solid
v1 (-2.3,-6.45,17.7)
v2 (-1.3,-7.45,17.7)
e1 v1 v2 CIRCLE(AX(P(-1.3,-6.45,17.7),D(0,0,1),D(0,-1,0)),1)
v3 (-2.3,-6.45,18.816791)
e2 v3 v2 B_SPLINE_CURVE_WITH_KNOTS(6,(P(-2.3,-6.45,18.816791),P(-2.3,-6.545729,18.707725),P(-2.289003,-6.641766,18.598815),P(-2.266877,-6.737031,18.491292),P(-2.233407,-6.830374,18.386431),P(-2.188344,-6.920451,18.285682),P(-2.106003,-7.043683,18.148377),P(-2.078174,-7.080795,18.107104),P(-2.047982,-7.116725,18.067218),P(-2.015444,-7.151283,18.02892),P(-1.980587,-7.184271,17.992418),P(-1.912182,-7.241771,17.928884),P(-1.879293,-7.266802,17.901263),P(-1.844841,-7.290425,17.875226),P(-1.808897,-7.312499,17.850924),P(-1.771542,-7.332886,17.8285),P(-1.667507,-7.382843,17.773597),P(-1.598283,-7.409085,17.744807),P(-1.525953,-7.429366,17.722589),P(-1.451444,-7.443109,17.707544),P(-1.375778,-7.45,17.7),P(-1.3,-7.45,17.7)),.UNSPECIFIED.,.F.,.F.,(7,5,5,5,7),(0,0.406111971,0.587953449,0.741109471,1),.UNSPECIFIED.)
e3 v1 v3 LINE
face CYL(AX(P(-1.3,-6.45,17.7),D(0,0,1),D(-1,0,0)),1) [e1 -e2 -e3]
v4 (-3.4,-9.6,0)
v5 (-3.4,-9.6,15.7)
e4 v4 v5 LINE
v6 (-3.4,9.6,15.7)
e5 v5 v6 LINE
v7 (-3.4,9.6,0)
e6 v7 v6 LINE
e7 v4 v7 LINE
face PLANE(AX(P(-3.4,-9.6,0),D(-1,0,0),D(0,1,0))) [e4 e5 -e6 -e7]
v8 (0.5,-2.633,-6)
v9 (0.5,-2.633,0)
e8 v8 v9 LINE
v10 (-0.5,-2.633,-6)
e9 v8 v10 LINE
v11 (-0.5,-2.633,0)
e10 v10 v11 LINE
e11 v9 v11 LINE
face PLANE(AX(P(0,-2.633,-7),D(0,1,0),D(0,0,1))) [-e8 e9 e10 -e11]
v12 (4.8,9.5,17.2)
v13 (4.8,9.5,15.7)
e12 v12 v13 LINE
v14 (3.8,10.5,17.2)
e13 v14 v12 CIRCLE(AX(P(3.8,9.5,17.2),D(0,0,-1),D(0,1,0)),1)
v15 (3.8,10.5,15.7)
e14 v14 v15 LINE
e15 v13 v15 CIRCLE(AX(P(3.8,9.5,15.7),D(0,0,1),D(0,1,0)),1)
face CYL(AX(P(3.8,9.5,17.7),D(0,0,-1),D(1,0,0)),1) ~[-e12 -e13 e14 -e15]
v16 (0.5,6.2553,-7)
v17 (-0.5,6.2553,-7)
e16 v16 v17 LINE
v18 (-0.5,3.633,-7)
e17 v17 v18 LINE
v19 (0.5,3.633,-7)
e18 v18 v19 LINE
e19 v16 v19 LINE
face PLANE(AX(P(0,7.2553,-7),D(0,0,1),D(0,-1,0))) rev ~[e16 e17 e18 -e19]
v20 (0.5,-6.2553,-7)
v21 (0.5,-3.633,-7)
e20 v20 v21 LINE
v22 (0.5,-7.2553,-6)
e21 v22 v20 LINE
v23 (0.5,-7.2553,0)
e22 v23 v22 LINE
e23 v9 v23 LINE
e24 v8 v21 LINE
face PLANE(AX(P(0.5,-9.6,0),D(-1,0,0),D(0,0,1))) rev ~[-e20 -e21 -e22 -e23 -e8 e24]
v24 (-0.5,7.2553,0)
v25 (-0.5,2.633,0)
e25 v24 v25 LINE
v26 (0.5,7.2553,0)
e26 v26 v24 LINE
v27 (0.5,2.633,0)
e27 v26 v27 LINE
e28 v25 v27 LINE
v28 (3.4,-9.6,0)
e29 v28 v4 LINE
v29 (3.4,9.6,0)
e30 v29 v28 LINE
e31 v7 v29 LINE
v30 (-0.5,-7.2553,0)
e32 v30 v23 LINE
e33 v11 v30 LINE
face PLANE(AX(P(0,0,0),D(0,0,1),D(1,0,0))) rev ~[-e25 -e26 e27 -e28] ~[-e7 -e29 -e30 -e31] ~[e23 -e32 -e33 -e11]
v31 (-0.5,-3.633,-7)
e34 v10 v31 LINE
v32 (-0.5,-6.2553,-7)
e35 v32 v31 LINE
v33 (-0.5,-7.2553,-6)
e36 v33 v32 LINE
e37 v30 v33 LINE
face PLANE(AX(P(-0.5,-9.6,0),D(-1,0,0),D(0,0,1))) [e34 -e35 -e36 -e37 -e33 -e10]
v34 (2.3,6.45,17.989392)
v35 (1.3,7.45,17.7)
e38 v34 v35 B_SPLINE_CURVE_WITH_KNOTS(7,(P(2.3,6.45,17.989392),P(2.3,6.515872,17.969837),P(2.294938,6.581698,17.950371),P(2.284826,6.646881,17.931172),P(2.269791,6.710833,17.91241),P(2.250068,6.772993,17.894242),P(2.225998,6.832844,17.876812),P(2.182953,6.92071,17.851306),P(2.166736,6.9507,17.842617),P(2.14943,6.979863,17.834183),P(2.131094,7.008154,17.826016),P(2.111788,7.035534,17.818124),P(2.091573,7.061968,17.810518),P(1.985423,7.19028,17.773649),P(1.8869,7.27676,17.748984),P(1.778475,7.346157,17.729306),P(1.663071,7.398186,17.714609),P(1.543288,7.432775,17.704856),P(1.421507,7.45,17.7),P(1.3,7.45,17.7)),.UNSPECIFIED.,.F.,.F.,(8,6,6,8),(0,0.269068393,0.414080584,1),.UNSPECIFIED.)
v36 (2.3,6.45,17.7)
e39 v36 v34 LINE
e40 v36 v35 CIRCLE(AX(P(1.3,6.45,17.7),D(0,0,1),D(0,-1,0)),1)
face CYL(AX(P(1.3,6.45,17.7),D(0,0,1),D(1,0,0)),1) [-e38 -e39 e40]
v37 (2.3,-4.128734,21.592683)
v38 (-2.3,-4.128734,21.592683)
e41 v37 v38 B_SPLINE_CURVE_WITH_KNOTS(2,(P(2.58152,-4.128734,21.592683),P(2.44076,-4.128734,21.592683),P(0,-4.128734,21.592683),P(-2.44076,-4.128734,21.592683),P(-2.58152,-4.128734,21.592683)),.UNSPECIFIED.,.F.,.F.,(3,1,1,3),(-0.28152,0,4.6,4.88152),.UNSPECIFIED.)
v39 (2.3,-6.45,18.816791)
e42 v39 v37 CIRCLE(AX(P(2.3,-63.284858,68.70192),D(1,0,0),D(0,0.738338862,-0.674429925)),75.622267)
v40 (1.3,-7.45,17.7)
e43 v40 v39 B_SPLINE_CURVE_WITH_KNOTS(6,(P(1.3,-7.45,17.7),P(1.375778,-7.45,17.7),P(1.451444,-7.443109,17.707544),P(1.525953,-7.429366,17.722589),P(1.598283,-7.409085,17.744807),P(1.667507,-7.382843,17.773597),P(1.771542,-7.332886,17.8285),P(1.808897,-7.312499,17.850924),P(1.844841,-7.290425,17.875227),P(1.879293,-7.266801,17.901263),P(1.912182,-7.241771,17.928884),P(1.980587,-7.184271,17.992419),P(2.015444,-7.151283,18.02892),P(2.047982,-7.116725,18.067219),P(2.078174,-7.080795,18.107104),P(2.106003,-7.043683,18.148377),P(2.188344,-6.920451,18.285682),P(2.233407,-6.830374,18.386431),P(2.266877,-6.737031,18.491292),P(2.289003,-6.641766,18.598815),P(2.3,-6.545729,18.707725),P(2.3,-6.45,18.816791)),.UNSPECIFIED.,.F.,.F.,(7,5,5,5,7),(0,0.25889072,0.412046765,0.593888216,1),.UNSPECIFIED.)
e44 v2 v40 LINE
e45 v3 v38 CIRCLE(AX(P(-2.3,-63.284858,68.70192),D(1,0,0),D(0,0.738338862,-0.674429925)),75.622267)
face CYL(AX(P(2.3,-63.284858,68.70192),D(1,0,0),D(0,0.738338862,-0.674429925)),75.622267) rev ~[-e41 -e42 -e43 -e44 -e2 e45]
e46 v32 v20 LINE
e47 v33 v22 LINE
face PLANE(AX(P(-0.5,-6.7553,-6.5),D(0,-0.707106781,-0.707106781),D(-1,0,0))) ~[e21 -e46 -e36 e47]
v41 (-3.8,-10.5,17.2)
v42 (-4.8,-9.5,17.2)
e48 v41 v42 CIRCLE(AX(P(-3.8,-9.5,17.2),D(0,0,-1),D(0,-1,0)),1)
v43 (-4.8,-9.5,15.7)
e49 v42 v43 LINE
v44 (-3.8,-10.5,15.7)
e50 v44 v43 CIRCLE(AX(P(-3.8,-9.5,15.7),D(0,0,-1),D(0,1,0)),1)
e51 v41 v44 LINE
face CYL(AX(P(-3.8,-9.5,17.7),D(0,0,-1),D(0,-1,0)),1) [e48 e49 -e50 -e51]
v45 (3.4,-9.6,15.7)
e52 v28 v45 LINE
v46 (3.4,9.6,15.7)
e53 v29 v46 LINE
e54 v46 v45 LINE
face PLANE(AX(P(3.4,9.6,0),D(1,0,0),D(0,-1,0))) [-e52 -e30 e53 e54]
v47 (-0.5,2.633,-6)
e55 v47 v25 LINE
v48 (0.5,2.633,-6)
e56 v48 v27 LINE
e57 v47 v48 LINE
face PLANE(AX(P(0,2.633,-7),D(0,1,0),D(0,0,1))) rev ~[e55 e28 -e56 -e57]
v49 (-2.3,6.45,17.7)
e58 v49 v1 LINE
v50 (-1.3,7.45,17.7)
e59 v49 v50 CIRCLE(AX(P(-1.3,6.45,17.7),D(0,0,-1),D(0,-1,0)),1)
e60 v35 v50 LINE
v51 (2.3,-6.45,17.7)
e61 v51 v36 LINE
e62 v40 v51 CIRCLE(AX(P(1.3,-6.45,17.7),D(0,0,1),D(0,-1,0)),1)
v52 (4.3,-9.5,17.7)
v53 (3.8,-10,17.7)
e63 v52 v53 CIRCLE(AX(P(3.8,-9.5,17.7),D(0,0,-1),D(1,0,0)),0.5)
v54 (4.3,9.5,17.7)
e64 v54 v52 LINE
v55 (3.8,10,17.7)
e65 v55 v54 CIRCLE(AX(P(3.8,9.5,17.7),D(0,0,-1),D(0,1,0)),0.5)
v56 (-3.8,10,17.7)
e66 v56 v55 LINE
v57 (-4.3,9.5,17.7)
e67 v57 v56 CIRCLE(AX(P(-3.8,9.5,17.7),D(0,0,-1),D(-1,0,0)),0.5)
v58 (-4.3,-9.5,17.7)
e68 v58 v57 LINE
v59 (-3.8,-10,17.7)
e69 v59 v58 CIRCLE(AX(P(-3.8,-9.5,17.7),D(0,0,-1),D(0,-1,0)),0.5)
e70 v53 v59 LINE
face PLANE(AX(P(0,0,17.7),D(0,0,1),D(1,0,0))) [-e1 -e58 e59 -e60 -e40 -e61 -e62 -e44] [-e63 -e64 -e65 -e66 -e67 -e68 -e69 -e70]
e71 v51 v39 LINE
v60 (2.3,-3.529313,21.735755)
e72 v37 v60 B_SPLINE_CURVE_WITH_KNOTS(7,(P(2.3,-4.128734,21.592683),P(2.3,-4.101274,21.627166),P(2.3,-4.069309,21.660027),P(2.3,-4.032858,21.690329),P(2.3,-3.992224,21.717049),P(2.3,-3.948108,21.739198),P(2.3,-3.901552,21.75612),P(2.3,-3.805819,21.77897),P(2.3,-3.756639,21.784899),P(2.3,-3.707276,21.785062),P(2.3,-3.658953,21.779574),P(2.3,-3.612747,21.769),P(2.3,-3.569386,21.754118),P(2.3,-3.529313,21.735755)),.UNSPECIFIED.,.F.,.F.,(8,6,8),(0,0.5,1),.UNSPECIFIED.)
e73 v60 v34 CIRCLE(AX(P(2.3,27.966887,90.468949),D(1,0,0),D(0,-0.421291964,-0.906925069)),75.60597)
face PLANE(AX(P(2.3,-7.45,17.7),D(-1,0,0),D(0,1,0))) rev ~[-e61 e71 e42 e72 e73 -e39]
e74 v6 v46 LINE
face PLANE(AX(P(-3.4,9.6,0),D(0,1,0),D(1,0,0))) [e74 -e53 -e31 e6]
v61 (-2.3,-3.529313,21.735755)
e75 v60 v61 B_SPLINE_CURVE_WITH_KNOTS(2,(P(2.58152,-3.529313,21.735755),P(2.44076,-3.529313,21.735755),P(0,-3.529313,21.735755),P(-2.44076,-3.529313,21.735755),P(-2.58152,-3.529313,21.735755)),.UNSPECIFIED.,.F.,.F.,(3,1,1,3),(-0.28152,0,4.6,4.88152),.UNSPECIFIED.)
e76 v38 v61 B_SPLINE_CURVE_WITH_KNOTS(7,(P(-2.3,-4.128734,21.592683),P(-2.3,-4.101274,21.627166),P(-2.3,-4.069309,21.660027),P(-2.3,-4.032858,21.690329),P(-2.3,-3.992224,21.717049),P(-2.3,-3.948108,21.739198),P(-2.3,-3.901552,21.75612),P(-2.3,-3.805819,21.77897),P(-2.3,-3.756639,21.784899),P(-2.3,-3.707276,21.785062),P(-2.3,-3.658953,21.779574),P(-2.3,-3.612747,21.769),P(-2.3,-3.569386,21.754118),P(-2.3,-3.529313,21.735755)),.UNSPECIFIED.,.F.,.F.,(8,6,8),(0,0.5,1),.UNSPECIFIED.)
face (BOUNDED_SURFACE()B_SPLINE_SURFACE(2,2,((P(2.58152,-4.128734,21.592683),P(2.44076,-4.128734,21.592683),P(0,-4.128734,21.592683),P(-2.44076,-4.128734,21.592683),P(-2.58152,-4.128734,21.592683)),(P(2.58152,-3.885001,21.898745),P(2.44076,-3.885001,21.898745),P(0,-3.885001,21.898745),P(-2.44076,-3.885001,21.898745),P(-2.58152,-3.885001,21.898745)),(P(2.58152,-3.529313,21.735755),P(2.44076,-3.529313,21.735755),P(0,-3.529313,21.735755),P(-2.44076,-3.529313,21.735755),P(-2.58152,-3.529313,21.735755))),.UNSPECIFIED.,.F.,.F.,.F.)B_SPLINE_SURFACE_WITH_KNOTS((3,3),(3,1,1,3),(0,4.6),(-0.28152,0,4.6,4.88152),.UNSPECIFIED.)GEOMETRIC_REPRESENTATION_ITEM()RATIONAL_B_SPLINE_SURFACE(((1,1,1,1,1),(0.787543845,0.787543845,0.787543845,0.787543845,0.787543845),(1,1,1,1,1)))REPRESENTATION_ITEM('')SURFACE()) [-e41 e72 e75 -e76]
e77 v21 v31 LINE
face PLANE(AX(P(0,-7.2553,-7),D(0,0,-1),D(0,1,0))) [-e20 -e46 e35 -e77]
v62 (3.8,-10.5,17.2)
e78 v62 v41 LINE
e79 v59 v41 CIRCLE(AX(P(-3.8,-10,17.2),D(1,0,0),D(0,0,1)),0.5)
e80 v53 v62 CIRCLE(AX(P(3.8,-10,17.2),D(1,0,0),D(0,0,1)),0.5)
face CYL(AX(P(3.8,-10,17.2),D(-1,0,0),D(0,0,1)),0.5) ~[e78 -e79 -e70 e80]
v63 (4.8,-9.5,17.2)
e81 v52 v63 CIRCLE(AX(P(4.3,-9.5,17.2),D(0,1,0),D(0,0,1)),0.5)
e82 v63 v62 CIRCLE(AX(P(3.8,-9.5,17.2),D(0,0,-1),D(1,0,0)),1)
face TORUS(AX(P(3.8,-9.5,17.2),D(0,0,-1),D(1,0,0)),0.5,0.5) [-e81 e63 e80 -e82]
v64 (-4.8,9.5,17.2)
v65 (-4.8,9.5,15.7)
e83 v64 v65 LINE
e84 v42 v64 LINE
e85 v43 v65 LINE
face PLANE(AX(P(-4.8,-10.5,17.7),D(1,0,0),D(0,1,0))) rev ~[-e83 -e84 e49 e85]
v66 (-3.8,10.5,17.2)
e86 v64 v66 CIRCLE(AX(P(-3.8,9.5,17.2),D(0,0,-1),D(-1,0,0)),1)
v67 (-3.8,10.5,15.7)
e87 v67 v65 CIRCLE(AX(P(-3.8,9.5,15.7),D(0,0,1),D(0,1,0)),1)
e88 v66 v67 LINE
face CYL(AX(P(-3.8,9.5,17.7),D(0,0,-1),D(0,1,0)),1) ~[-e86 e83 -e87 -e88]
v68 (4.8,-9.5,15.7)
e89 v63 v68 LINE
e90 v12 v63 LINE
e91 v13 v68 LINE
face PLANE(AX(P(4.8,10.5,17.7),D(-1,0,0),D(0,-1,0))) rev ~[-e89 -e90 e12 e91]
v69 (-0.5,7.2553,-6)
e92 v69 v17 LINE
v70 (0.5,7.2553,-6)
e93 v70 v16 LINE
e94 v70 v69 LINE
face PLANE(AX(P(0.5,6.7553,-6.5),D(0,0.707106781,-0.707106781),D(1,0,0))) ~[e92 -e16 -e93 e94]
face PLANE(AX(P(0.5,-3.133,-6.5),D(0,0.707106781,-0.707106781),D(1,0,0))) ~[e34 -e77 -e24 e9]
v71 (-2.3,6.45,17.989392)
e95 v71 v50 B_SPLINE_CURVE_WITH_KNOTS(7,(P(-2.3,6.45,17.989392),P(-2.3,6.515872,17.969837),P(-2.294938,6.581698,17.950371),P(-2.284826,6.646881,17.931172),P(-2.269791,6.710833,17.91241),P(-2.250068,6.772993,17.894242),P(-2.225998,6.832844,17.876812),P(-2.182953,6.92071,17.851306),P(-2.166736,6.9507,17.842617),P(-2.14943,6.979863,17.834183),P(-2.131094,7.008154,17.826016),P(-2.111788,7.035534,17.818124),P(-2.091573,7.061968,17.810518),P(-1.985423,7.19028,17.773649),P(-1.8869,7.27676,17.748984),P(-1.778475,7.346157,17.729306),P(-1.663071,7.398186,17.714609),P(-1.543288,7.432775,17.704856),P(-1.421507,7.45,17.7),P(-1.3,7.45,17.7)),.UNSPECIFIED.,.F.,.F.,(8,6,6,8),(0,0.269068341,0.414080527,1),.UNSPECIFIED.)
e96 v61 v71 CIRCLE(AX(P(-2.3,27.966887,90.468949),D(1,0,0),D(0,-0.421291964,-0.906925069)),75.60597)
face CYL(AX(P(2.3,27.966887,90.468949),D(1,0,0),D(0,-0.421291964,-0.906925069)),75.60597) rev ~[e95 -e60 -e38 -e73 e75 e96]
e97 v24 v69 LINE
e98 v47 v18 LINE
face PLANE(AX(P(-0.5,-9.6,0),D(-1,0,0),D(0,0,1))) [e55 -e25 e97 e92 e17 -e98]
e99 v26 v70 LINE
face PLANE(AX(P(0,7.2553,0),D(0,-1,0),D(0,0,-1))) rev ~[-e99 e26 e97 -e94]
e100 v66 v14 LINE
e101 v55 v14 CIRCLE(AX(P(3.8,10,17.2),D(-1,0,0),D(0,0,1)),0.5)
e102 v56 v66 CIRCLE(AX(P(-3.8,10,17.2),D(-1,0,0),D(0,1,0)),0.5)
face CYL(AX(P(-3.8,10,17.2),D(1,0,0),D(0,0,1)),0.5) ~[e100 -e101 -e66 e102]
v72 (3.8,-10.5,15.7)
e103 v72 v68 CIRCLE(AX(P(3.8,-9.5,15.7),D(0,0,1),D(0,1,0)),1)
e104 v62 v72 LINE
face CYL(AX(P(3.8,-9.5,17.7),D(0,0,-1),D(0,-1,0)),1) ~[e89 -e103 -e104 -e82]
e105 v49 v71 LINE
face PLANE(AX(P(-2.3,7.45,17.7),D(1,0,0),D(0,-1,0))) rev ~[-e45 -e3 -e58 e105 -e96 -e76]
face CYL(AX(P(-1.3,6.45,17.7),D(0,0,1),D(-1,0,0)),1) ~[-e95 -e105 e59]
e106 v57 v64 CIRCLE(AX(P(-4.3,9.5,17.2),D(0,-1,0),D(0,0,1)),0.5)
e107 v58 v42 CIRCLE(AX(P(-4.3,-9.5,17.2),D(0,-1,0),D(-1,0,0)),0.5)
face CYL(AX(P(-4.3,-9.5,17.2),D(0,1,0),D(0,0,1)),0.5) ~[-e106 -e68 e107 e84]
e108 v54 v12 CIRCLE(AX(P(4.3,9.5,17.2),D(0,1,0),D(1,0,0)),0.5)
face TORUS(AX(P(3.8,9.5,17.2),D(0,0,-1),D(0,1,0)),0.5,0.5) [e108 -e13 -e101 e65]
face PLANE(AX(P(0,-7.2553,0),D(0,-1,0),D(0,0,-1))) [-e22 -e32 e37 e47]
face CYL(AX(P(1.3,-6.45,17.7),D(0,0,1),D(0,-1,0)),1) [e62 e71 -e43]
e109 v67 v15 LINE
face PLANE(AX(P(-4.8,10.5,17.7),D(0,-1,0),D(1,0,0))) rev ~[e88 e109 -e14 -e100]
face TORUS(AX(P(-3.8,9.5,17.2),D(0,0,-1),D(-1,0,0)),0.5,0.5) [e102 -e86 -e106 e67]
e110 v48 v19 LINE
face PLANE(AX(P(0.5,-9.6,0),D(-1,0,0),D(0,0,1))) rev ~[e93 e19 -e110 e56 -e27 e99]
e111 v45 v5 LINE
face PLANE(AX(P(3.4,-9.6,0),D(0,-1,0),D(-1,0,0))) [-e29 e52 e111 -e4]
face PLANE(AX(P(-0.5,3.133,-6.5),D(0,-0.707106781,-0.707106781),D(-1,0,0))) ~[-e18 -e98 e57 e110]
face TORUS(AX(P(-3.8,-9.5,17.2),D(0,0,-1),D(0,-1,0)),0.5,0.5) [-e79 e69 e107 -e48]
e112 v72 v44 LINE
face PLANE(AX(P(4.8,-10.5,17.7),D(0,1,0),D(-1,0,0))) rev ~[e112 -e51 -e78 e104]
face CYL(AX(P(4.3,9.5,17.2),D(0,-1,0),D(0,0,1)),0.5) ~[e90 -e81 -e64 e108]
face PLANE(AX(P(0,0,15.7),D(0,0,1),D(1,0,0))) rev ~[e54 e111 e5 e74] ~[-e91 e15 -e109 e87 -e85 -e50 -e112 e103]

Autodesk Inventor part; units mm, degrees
ref_plane "YZ Plane" through (0, 0, 0) normal (1, 0, 0) x (0, 1, 0)
ref_plane "XZ Plane" through (0, 0, 0) normal (0, 1, 0) x (-1, 0, 0)
sketch "Base" plane through (0, 0, 0) normal (0, 0, 1) x (1, 0, 0)
  line L0 (-3.4, 9.6) -> (3.4, 9.6)
  line L1 (3.4, 9.6) -> (3.4, -9.6)
  line L2 (3.4, -9.6) -> (-3.4, -9.6)
  line L3 (-3.4, -9.6) -> (-3.4, 9.6)
  line L4 (-4.76, 0) -> (4.76, 0) construction
  line L5 (0, -13.44) -> (0, 13.44) construction
  point P0 (0, 0)
  point P1 (0, 9.6)
  point P2 (-3.4, 0)
  dimension "d0" = 6.8
  dimension "d1" = 19.2
extrude "BaseFeature" add sketch "Base" along normal blind 17.7
sketch "Mount" plane through (0, 0, 17.7) normal (0, 0, 1) x (1, 0, 0)
  line L0 (-4.8, 10.5) -> (4.8, 10.5)
  line L1 (4.8, 10.5) -> (4.8, -10.5)
  line L2 (4.8, -10.5) -> (-4.8, -10.5)
  line L3 (-4.8, -10.5) -> (-4.8, 10.5)
  line L4 (3.4, -9.6) -> (3.4, 9.6) construction
  line L5 (3.4, 0) -> (4.8, 0) construction
  line L6 (-3.4, -9.6) -> (3.4, -9.6) construction
  line L7 (0, -9.6) -> (0, -10.5) construction
  dimension "d13" = 9.6
  dimension "d14" = 21
extrude "MountFeature" add sketch "Mount" against normal blind 2
sketch "Sketch3" plane through (0, 0, 17.7) normal (0, 0, 1) x (1, 0, 0)
  line L0 (-2.3, -7.45) -> (2.3, -7.45)
  line L1 (-2.3, 7.45) -> (-2.3, -7.45)
  line L2 (2.3, 7.45) -> (-2.3, 7.45)
  line L3 (2.3, -7.45) -> (2.3, 7.45)
  line L4 (-4.8, 10.5) -> (-4.8, -10.5) projected
  line L5 (0, 0) -> (0, 10.5) construction
  line L6 (-4.8, 10.5) -> (4.8, 10.5) projected
  line L7 (-6.72, 0) -> (6.72, 0) construction
  point P0 (0, 7.45)
  point P1 (-2.3, 0)
  dimension "d22" = 14.9
  dimension "d23" = 4.6
extrude "Extrusion3" add sketch "Sketch3" along normal blind 4.2
fillet "Fillet4" radius 1 4 edges at (-2.3, 7.45, 19.8) (2.3, 7.45, 19.8) (-2.3, -7.45, 19.8) (2.3, -7.45, 19.8)
sketch "Sketch4" plane through (2.3, -7.45, 17.7) normal (1, 0, 0) x (0, 0, -1)
  line L0 (0, 0) -> (-4.2, 0) projected
  line L1 (-4.2, 14.9) -> (-4.2, 0) projected
  arc A0 (0, 0) -> (-4.2, 3.5647) centre (-50.9891, -55.8203) ccw
  line L2 (0, 0) -> (0, 14.9) projected
  arc A1 (-4.2, 3.5647) -> (0, 14.9) centre (-72.7661, 35.4157) ccw
  line L3 (0, 14.9) -> (-4.2, 14.9) projected
  point P0 (17.7, 7.45)
extrude "Extrusion4" cut sketch "Sketch4" against normal through all contours L0 L1 A0 | L1 L3 A1
fillet "Fillet1" radius 0.5 1 edges at (0, -3.8853, 21.9)
fillet "Fillet2" radius 1 4 edges at (4.8, -10.5, 16.7) (4.8, 10.5, 16.7) (-4.8, 10.5, 16.7) (-4.8, -10.5, 16.7)
fillet "Fillet3" radius 0.5 4 edges at (0, -10.5, 17.7) (4.8, 0, 17.7) (0, 10.5, 17.7) (-4.8, 0, 17.7)
sketch "Sketch6" plane through (-3.4, -9.6, 0) normal (-1, 0, 0) x (0, 0, 1)
  line L0 (0, 0) -> (0, 19.2) construction
  line L1 (0, 9.6) -> (0, 19.2)
  line L2 (0, 9.6) -> (15.7, 9.6) construction
  line L3 (15.7, 0) -> (15.7, 19.2) projected
  line L4 (0, 16.8553) -> (-7, 16.8553)
  line L5 (-7, 16.8553) -> (-7, 12.233)
  line L6 (-7, 12.233) -> (0, 12.233)
  line L7 (0, 12.233) -> (0, 16.8553)
  line L8 (0, 14.5441) -> (-7, 14.5441) construction
  line L9 (0, 2.3447) -> (-7, 2.3447)
  line L10 (-7, 2.3447) -> (-7, 6.967)
  line L11 (-7, 6.967) -> (0, 6.967)
  line L12 (0, 6.967) -> (0, 2.3447)
  dimension "d16" = 7
ref_plane "Work Plane1" through (0, -9.6, 0) normal (-1, 0, 0) x (0, 0, 1)
sketch "Sketch7" plane through (0, -9.6, 0) normal (-1, 0, 0) x (0, 0, 1)
  line L0 (0, 16.8553) -> (-7, 16.8553) projected
  line L1 (-7, 16.8553) -> (-7, 12.233) projected
  line L2 (-7, 12.233) -> (0, 12.233) projected
  line L3 (0, 19.2) -> (0, 0) projected
  line L4 (-7, 6.967) -> (0, 6.967) projected
  line L5 (-7, 2.3447) -> (-7, 6.967) projected
  line L6 (0, 2.3447) -> (-7, 2.3447) projected
  point P0 (0, 9.6)
extrude "Extrusion5" add sketch "Sketch7" along normal mid plane 1
chamfer "Chamfer1" distance 1 angle 45 4 edges at (0, 7.2553, -7) (0, 2.633, -7) (0, -2.633, -7) (0, -7.2553, -7)
properties part number "RockerSwitch"
